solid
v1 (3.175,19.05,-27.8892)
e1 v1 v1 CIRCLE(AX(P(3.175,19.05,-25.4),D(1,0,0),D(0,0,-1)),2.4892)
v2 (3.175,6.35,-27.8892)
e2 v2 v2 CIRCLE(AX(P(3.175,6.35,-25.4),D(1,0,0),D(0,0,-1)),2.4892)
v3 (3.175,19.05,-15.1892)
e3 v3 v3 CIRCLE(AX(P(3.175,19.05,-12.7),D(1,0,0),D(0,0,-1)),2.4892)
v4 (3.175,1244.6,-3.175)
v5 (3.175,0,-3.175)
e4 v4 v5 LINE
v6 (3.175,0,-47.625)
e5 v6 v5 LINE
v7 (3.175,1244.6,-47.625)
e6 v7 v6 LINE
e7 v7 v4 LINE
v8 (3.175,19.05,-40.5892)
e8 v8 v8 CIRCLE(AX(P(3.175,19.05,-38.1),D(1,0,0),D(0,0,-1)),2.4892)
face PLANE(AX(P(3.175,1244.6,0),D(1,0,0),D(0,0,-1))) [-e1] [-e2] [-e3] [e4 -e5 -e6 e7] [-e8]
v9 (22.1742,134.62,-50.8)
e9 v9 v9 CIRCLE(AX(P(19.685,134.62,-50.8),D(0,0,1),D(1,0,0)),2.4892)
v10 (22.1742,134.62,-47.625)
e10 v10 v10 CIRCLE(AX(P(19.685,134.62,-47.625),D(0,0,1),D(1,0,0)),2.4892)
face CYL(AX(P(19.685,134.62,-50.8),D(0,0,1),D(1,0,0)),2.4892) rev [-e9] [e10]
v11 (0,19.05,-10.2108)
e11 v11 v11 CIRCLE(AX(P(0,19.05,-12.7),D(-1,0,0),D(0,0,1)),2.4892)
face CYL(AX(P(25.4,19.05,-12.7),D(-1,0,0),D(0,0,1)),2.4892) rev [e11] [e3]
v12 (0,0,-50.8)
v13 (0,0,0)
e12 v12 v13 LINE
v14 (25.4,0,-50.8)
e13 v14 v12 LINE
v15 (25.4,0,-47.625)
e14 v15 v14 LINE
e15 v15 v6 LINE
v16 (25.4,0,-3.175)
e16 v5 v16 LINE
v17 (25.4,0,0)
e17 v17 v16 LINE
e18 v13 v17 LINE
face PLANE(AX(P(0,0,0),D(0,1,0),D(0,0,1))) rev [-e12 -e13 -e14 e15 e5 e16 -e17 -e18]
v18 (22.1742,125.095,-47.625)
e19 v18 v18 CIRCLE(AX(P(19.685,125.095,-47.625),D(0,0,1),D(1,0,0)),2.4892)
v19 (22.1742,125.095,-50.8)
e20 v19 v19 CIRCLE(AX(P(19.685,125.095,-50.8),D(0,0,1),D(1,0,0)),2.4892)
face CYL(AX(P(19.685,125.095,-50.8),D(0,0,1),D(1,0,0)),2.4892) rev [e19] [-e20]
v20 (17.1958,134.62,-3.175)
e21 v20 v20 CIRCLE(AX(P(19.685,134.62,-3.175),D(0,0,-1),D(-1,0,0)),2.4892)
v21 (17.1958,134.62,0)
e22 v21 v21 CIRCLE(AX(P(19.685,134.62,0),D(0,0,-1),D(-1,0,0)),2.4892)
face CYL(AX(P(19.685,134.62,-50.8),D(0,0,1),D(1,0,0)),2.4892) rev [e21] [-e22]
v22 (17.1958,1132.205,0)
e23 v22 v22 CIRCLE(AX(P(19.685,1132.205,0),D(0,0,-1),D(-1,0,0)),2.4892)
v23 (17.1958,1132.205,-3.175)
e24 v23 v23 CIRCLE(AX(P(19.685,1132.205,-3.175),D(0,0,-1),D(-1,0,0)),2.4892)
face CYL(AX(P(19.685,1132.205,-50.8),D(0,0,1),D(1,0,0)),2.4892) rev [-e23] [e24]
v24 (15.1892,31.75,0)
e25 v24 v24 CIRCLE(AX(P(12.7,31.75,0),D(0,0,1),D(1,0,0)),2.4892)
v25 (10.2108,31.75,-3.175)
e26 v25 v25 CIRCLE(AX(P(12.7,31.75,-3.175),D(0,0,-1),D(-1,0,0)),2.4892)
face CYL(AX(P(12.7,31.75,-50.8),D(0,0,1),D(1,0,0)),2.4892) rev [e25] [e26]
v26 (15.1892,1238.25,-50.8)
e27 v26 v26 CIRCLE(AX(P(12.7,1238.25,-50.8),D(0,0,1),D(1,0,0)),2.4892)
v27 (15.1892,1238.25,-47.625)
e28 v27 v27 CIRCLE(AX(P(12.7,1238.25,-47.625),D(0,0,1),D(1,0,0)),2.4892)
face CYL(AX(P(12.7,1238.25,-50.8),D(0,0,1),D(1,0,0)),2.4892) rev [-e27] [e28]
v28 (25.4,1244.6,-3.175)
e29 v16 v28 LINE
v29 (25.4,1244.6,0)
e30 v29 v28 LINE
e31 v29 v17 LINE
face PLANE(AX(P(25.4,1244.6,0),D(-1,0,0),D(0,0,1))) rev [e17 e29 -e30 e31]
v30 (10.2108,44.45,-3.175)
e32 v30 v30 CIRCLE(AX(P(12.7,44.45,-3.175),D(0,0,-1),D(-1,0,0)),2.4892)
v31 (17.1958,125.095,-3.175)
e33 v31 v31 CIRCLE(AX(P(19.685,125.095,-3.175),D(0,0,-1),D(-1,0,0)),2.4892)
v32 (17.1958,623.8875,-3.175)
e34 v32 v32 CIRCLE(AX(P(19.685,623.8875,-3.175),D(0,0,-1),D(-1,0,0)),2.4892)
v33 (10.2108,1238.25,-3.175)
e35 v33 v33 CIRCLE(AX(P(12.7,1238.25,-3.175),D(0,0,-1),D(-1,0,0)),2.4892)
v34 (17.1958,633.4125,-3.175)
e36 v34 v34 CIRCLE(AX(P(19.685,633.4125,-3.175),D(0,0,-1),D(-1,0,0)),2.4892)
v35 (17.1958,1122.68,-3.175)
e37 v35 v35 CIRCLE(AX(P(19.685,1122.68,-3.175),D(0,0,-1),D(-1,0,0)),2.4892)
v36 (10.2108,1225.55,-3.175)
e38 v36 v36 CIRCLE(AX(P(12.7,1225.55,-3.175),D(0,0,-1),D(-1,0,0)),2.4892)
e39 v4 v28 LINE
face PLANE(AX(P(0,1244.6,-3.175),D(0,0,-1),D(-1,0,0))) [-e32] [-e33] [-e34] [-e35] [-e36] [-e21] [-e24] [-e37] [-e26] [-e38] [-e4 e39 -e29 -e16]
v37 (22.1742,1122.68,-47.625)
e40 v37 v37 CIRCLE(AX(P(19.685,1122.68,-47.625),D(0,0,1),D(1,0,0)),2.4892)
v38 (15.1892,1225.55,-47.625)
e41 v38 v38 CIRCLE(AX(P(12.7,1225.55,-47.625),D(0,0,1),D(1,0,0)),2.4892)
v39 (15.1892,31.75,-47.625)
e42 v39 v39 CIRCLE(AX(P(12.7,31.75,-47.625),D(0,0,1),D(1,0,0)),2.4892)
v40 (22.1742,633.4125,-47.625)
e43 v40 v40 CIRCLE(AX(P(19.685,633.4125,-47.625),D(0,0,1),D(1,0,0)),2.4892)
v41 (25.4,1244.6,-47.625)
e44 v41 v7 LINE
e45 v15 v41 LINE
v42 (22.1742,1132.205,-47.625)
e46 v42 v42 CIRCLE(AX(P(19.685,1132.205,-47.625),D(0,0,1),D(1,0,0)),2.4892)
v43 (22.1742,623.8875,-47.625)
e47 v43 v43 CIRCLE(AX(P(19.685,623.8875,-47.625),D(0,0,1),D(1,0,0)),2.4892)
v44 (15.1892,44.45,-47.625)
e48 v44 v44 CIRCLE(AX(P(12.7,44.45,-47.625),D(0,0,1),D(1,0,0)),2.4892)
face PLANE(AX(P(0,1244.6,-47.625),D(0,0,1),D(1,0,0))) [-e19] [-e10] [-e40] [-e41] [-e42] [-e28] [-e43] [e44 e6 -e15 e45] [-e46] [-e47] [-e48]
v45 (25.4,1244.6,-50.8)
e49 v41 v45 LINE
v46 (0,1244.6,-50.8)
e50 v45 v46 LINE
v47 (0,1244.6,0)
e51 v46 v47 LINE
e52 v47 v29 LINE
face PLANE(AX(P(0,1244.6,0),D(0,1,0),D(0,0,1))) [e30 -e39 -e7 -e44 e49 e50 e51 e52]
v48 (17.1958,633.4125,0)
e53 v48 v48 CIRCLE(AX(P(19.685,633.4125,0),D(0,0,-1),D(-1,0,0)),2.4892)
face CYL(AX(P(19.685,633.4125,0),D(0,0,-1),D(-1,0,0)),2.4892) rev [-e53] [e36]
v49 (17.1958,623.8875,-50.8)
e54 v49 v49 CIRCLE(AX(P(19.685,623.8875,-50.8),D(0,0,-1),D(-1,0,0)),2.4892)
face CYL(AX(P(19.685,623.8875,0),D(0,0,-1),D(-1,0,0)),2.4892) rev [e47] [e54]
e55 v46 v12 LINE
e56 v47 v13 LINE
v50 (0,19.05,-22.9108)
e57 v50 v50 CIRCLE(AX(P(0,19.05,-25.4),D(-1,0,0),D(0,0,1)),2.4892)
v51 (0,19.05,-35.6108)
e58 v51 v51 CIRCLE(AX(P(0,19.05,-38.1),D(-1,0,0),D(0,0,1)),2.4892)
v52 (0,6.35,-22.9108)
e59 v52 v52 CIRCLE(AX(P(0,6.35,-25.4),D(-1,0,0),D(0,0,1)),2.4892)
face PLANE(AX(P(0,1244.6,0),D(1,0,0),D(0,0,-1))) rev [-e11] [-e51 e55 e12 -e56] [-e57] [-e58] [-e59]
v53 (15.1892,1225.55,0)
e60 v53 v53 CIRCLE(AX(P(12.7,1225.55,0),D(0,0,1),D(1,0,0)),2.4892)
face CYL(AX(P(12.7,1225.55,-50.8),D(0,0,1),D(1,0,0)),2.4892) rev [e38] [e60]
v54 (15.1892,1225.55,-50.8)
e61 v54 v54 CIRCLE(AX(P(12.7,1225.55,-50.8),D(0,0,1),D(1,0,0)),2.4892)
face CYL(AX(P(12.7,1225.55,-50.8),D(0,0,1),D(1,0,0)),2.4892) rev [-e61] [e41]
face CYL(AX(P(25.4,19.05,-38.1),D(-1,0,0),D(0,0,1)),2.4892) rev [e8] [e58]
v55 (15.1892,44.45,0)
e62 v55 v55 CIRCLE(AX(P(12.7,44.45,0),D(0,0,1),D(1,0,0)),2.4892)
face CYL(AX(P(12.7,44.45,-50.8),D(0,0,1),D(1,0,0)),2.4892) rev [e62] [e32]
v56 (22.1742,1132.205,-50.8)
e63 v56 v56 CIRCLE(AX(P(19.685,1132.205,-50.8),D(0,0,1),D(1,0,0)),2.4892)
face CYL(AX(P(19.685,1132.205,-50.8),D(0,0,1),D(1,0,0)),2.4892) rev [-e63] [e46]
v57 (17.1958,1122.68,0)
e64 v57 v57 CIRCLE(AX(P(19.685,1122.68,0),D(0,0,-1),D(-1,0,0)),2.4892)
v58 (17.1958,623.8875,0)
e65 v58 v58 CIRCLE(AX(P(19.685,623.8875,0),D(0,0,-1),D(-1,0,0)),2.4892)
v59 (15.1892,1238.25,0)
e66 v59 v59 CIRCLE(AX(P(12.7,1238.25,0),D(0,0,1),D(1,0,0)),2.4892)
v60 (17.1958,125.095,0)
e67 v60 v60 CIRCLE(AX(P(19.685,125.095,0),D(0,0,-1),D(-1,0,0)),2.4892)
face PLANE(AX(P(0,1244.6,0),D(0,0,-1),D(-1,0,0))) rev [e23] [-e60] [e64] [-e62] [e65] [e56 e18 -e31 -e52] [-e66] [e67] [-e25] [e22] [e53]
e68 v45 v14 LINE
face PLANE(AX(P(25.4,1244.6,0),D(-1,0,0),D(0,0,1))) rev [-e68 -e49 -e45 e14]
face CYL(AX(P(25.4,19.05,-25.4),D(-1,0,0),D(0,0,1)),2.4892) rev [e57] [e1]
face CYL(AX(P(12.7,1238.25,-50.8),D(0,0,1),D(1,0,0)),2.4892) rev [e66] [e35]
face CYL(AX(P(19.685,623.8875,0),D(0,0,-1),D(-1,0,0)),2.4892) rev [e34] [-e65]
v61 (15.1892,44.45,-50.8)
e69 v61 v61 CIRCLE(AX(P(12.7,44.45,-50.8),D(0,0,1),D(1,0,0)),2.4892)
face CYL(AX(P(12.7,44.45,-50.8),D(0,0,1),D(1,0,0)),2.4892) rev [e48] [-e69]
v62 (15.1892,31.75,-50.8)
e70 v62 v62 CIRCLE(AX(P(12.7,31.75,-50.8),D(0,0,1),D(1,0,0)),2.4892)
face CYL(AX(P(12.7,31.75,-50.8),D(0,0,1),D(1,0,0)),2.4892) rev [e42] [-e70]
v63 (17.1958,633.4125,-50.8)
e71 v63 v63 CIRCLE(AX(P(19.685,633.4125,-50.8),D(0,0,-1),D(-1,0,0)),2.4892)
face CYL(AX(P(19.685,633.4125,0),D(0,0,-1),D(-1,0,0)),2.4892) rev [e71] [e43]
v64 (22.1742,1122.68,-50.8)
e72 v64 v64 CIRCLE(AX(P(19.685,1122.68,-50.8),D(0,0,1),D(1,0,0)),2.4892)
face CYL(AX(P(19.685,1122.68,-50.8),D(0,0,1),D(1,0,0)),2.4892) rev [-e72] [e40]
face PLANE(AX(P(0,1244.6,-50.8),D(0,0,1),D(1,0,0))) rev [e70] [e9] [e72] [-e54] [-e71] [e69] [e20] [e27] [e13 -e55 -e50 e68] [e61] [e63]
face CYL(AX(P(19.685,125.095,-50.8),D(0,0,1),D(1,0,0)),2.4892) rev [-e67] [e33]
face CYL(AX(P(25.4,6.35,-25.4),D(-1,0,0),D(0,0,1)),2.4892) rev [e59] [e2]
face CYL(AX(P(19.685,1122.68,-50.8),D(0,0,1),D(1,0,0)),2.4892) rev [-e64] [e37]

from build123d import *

# Parameters (mm, degrees)
SKETCH1_W               = 25.4
SKETCH1_H               = 50.8
SKETCH1_W_2             = 19.05
SKETCH1_H_2             = 44.45
EXTRUDE_THIN1_DEPTH     = 1244.6
SKETCH5_W               = 3.175
SKETCH5_H               = 44.45
CUT_EXTRUDE2_DEPTH      = 1245.6
SKETCH8_R               = 2.4892
CUT_EXTRUDE4_DEPTH      = 26.4
SKETCH9_R               = 2.4892
CUT_EXTRUDE5_DEPTH      = 51.8
SKETCH6_R               = 2.4892
CUT_EXTRUDE6_DEPTH      = 1
CUT_EXTRUDE6_DEPTH_BACK = 51.8
SKETCH10_R              = 2.4892
CUT_EXTRUDE7_DEPTH      = 51.8


with BuildPart() as part:
    # Sketch1 → Extrude-Thin1 (new body)
    with BuildSketch(Plane(origin=(0, 0, 0), x_dir=(1, 0, 0), z_dir=(0, 1, 0))):
        with Locations((12.7, 25.4)):
            Rectangle(SKETCH1_W, SKETCH1_H)
        with Locations((12.7, 25.4)):
            Rectangle(SKETCH1_W_2, SKETCH1_H_2, mode=Mode.SUBTRACT)
    extrude(amount=EXTRUDE_THIN1_DEPTH)

    # Sketch5 → Cut-Extrude2 (cut, through all)
    with BuildSketch(Plane(origin=(0, 1244.6, 0), x_dir=(1, 0, 0), z_dir=(0, 1, 0))):
        with Locations((23.8125, 25.4)):
            Rectangle(SKETCH5_W, SKETCH5_H)
    extrude(amount=-CUT_EXTRUDE2_DEPTH, mode=Mode.SUBTRACT)

    # Sketch8 → Cut-Extrude4 (cut, through all)
    with BuildSketch(Plane.ZY):
        with Locations((-25.4, 19.05)):
            Circle(SKETCH8_R)
        with Locations((-25.4, 6.35)):
            Circle(SKETCH8_R)
        with Locations((-38.1, 19.05)):
            Circle(SKETCH8_R)
        with Locations((-12.7, 19.05)):
            Circle(SKETCH8_R)
    extrude(amount=-CUT_EXTRUDE4_DEPTH, mode=Mode.SUBTRACT)

    # Sketch9 → Cut-Extrude5 (cut, through all)
    with BuildSketch(Plane.XY):
        with Locations((12.7, 44.45)):
            Circle(SKETCH9_R)
        with Locations((12.7, 31.75)):
            Circle(SKETCH9_R)
        with Locations((12.7, 1238.25)):
            Circle(SKETCH9_R)
        with Locations((12.7, 1225.55)):
            Circle(SKETCH9_R)
    extrude(amount=-CUT_EXTRUDE5_DEPTH, mode=Mode.SUBTRACT)

    # Sketch6 → Cut-Extrude6 (cut, two sides)
    with BuildSketch(Plane.XY) as cut_extrude6_sk:
        with Locations((19.685, 1132.205)):
            Circle(SKETCH6_R)
        with Locations((19.685, 134.62)):
            Circle(SKETCH6_R)
        with Locations((19.685, 125.095)):
            Circle(SKETCH6_R)
        with Locations((19.685, 1122.68)):
            Circle(SKETCH6_R)
    extrude(amount=CUT_EXTRUDE6_DEPTH, mode=Mode.SUBTRACT)
    extrude(cut_extrude6_sk.sketch, amount=-CUT_EXTRUDE6_DEPTH_BACK, mode=Mode.SUBTRACT)

    # Sketch10 → Cut-Extrude7 (cut, through all)
    with BuildSketch(Plane(origin=(0, 0, -50.8), x_dir=(-1, 0, 0), z_dir=(0, 0, -1))):
        with Locations((-19.685, 633.4125)):
            Circle(SKETCH10_R)
        with Locations((-19.685, 623.8875)):
            Circle(SKETCH10_R)
    extrude(amount=-CUT_EXTRUDE7_DEPTH, mode=Mode.SUBTRACT)


solid = part.part
